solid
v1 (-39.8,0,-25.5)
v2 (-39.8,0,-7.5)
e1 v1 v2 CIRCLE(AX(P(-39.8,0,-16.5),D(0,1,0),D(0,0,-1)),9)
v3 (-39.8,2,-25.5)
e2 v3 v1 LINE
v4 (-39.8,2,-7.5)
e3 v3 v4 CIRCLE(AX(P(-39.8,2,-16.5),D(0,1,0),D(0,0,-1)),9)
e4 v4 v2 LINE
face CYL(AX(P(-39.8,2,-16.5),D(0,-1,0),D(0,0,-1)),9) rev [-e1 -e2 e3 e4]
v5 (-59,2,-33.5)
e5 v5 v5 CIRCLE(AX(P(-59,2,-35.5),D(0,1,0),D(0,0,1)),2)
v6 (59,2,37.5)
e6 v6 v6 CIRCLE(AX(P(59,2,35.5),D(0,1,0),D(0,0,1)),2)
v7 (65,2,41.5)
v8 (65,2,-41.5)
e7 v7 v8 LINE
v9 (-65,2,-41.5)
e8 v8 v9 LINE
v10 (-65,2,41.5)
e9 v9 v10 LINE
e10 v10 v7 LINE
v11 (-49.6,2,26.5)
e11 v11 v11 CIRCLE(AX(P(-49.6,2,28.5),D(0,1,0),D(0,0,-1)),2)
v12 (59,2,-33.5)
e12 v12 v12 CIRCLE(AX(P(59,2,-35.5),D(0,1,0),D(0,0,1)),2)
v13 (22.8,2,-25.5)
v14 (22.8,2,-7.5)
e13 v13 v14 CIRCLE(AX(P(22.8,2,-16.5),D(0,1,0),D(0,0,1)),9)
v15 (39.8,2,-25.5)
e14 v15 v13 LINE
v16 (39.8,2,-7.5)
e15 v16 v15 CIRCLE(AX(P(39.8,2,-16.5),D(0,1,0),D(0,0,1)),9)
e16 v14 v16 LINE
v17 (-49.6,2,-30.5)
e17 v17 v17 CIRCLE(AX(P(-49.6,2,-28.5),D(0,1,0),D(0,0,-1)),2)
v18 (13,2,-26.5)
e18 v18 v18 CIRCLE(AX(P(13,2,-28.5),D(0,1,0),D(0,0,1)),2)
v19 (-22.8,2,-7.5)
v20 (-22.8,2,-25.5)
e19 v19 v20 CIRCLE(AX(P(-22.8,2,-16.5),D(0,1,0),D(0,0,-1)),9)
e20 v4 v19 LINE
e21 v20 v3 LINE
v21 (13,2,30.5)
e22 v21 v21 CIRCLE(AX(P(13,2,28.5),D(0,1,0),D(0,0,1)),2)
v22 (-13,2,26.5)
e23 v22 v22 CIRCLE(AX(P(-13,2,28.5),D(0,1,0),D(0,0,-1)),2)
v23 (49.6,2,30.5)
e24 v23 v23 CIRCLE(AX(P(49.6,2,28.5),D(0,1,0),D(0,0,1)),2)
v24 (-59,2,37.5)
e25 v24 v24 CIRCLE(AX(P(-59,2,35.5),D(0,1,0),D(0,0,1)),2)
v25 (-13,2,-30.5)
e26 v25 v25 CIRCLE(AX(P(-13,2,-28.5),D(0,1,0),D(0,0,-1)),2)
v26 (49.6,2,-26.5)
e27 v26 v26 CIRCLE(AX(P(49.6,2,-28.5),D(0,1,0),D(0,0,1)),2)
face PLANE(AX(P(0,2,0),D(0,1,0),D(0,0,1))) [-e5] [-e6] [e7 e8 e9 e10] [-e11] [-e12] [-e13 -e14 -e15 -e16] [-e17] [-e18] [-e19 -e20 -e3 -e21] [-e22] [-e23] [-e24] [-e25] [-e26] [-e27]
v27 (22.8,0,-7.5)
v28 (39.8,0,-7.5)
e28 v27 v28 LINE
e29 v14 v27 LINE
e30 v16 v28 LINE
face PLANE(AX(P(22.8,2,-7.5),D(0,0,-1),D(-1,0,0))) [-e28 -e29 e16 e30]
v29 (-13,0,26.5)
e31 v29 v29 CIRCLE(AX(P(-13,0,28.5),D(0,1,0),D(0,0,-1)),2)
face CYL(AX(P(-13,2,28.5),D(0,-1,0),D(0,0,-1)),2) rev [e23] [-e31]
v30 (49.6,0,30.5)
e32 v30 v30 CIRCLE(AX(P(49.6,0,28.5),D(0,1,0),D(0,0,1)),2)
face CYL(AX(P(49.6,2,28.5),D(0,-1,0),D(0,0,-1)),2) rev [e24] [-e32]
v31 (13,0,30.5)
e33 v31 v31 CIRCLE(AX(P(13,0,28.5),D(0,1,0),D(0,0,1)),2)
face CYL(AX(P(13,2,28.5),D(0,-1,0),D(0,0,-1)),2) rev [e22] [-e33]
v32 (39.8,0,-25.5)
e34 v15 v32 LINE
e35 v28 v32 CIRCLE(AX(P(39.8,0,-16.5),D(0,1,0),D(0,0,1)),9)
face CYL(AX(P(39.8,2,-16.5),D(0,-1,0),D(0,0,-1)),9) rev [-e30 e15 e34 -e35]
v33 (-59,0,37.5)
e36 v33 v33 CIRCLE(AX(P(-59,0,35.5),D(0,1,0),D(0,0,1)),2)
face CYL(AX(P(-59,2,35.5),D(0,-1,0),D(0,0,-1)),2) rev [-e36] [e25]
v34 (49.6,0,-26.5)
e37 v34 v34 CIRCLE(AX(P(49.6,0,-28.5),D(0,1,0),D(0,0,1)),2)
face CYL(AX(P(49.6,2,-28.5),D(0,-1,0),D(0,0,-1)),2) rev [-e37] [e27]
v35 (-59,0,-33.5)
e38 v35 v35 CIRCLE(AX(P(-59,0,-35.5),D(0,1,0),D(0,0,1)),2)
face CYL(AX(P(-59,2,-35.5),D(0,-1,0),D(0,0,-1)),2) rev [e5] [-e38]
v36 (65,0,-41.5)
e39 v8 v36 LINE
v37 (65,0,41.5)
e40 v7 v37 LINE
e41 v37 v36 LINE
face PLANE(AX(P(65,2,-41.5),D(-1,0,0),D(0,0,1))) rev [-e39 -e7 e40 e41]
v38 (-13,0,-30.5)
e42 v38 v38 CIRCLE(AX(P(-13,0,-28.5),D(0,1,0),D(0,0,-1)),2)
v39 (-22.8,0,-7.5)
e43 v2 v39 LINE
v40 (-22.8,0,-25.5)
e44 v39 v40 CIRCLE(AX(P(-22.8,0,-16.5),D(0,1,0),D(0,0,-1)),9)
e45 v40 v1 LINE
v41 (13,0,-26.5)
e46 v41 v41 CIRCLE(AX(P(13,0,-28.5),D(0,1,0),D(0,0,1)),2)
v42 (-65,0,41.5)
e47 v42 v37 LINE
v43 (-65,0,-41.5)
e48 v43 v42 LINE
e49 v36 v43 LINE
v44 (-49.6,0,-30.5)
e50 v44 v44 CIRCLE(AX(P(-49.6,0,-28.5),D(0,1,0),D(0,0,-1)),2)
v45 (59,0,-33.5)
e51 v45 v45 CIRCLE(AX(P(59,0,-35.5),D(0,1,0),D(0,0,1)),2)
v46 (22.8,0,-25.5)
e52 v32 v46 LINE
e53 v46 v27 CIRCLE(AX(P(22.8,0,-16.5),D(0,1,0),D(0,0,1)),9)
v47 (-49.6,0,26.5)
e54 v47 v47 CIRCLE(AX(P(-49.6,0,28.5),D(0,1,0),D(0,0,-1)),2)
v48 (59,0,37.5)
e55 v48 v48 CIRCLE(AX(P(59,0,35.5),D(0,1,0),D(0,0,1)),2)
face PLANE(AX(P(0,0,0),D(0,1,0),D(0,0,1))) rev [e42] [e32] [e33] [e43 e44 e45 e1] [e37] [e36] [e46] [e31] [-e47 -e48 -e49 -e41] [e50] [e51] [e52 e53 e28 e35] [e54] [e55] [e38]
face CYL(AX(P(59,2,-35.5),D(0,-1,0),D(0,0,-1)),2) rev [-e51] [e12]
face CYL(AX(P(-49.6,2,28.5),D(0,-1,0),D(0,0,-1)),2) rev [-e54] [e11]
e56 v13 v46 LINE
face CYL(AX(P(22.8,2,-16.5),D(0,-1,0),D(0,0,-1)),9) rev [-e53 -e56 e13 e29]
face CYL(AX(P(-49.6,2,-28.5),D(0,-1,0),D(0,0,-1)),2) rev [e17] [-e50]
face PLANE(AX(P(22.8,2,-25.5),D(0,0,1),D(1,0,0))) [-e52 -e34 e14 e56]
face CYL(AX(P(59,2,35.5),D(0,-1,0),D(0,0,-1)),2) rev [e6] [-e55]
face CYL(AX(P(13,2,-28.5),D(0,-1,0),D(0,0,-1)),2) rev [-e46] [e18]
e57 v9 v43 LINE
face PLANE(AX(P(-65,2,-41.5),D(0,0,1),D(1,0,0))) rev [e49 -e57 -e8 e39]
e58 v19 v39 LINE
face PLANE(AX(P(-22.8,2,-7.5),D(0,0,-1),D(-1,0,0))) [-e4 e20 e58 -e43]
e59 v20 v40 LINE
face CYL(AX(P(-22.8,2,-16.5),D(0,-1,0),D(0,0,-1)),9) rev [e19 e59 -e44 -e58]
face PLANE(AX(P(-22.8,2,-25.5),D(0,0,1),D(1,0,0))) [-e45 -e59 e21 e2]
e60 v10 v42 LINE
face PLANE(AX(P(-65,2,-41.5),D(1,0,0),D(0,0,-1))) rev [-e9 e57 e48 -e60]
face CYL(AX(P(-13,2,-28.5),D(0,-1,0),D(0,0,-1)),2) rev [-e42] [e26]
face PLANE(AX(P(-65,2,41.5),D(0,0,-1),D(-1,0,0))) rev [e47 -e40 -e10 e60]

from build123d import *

# Parameters (mm, degrees)
SKETCH1_W           = 130
SKETCH1_H           = 83
SKETCH1_R           = 2
BOSS_EXTRUDE1_DEPTH = 2


with BuildPart() as part:
    # Sketch1 → Boss-Extrude1 (new body)
    with BuildSketch(Plane(origin=(0, 0, 0), x_dir=(1, 0, 0), z_dir=(0, 1, 0))):
        Rectangle(SKETCH1_W, SKETCH1_H)
        with Locations((13, 28.5)):
            Circle(SKETCH1_R, mode=Mode.SUBTRACT)
        with Locations((49.6, 28.5)):
            Circle(SKETCH1_R, mode=Mode.SUBTRACT)
        with Locations((49.6, -28.5)):
            Circle(SKETCH1_R, mode=Mode.SUBTRACT)
        with Locations((13, -28.5)):
            Circle(SKETCH1_R, mode=Mode.SUBTRACT)
        with Locations((-13, -28.5)):
            Circle(SKETCH1_R, mode=Mode.SUBTRACT)
        with Locations((-49.6, -28.5)):
            Circle(SKETCH1_R, mode=Mode.SUBTRACT)
        with Locations((-49.6, 28.5)):
            Circle(SKETCH1_R, mode=Mode.SUBTRACT)
        with Locations((-13, 28.5)):
            Circle(SKETCH1_R, mode=Mode.SUBTRACT)
        with Locations((-59, 35.5)):
            Circle(SKETCH1_R, mode=Mode.SUBTRACT)
        with Locations((59, 35.5)):
            Circle(SKETCH1_R, mode=Mode.SUBTRACT)
        with Locations((59, -35.5)):
            Circle(SKETCH1_R, mode=Mode.SUBTRACT)
        with Locations((-59, -35.5)):
            Circle(SKETCH1_R, mode=Mode.SUBTRACT)
        with BuildLine():
            Line((22.8, 25.5), (39.8, 25.5))
            ThreePointArc((39.8, 25.5), (48.8, 16.5), (39.8, 7.5))
            Line((39.8, 7.5), (22.8, 7.5))
            ThreePointArc((22.8, 7.5), (13.8, 16.5), (22.8, 25.5))
        make_face(mode=Mode.SUBTRACT)
        with BuildLine():
            Line((-22.8, 25.5), (-39.8, 25.5))
            ThreePointArc((-39.8, 25.5), (-48.8, 16.5), (-39.8, 7.5))
            Line((-39.8, 7.5), (-22.8, 7.5))
            ThreePointArc((-22.8, 7.5), (-13.8, 16.5), (-22.8, 25.5))
        make_face(mode=Mode.SUBTRACT)
    extrude(amount=BOSS_EXTRUDE1_DEPTH)


solid = part.part
